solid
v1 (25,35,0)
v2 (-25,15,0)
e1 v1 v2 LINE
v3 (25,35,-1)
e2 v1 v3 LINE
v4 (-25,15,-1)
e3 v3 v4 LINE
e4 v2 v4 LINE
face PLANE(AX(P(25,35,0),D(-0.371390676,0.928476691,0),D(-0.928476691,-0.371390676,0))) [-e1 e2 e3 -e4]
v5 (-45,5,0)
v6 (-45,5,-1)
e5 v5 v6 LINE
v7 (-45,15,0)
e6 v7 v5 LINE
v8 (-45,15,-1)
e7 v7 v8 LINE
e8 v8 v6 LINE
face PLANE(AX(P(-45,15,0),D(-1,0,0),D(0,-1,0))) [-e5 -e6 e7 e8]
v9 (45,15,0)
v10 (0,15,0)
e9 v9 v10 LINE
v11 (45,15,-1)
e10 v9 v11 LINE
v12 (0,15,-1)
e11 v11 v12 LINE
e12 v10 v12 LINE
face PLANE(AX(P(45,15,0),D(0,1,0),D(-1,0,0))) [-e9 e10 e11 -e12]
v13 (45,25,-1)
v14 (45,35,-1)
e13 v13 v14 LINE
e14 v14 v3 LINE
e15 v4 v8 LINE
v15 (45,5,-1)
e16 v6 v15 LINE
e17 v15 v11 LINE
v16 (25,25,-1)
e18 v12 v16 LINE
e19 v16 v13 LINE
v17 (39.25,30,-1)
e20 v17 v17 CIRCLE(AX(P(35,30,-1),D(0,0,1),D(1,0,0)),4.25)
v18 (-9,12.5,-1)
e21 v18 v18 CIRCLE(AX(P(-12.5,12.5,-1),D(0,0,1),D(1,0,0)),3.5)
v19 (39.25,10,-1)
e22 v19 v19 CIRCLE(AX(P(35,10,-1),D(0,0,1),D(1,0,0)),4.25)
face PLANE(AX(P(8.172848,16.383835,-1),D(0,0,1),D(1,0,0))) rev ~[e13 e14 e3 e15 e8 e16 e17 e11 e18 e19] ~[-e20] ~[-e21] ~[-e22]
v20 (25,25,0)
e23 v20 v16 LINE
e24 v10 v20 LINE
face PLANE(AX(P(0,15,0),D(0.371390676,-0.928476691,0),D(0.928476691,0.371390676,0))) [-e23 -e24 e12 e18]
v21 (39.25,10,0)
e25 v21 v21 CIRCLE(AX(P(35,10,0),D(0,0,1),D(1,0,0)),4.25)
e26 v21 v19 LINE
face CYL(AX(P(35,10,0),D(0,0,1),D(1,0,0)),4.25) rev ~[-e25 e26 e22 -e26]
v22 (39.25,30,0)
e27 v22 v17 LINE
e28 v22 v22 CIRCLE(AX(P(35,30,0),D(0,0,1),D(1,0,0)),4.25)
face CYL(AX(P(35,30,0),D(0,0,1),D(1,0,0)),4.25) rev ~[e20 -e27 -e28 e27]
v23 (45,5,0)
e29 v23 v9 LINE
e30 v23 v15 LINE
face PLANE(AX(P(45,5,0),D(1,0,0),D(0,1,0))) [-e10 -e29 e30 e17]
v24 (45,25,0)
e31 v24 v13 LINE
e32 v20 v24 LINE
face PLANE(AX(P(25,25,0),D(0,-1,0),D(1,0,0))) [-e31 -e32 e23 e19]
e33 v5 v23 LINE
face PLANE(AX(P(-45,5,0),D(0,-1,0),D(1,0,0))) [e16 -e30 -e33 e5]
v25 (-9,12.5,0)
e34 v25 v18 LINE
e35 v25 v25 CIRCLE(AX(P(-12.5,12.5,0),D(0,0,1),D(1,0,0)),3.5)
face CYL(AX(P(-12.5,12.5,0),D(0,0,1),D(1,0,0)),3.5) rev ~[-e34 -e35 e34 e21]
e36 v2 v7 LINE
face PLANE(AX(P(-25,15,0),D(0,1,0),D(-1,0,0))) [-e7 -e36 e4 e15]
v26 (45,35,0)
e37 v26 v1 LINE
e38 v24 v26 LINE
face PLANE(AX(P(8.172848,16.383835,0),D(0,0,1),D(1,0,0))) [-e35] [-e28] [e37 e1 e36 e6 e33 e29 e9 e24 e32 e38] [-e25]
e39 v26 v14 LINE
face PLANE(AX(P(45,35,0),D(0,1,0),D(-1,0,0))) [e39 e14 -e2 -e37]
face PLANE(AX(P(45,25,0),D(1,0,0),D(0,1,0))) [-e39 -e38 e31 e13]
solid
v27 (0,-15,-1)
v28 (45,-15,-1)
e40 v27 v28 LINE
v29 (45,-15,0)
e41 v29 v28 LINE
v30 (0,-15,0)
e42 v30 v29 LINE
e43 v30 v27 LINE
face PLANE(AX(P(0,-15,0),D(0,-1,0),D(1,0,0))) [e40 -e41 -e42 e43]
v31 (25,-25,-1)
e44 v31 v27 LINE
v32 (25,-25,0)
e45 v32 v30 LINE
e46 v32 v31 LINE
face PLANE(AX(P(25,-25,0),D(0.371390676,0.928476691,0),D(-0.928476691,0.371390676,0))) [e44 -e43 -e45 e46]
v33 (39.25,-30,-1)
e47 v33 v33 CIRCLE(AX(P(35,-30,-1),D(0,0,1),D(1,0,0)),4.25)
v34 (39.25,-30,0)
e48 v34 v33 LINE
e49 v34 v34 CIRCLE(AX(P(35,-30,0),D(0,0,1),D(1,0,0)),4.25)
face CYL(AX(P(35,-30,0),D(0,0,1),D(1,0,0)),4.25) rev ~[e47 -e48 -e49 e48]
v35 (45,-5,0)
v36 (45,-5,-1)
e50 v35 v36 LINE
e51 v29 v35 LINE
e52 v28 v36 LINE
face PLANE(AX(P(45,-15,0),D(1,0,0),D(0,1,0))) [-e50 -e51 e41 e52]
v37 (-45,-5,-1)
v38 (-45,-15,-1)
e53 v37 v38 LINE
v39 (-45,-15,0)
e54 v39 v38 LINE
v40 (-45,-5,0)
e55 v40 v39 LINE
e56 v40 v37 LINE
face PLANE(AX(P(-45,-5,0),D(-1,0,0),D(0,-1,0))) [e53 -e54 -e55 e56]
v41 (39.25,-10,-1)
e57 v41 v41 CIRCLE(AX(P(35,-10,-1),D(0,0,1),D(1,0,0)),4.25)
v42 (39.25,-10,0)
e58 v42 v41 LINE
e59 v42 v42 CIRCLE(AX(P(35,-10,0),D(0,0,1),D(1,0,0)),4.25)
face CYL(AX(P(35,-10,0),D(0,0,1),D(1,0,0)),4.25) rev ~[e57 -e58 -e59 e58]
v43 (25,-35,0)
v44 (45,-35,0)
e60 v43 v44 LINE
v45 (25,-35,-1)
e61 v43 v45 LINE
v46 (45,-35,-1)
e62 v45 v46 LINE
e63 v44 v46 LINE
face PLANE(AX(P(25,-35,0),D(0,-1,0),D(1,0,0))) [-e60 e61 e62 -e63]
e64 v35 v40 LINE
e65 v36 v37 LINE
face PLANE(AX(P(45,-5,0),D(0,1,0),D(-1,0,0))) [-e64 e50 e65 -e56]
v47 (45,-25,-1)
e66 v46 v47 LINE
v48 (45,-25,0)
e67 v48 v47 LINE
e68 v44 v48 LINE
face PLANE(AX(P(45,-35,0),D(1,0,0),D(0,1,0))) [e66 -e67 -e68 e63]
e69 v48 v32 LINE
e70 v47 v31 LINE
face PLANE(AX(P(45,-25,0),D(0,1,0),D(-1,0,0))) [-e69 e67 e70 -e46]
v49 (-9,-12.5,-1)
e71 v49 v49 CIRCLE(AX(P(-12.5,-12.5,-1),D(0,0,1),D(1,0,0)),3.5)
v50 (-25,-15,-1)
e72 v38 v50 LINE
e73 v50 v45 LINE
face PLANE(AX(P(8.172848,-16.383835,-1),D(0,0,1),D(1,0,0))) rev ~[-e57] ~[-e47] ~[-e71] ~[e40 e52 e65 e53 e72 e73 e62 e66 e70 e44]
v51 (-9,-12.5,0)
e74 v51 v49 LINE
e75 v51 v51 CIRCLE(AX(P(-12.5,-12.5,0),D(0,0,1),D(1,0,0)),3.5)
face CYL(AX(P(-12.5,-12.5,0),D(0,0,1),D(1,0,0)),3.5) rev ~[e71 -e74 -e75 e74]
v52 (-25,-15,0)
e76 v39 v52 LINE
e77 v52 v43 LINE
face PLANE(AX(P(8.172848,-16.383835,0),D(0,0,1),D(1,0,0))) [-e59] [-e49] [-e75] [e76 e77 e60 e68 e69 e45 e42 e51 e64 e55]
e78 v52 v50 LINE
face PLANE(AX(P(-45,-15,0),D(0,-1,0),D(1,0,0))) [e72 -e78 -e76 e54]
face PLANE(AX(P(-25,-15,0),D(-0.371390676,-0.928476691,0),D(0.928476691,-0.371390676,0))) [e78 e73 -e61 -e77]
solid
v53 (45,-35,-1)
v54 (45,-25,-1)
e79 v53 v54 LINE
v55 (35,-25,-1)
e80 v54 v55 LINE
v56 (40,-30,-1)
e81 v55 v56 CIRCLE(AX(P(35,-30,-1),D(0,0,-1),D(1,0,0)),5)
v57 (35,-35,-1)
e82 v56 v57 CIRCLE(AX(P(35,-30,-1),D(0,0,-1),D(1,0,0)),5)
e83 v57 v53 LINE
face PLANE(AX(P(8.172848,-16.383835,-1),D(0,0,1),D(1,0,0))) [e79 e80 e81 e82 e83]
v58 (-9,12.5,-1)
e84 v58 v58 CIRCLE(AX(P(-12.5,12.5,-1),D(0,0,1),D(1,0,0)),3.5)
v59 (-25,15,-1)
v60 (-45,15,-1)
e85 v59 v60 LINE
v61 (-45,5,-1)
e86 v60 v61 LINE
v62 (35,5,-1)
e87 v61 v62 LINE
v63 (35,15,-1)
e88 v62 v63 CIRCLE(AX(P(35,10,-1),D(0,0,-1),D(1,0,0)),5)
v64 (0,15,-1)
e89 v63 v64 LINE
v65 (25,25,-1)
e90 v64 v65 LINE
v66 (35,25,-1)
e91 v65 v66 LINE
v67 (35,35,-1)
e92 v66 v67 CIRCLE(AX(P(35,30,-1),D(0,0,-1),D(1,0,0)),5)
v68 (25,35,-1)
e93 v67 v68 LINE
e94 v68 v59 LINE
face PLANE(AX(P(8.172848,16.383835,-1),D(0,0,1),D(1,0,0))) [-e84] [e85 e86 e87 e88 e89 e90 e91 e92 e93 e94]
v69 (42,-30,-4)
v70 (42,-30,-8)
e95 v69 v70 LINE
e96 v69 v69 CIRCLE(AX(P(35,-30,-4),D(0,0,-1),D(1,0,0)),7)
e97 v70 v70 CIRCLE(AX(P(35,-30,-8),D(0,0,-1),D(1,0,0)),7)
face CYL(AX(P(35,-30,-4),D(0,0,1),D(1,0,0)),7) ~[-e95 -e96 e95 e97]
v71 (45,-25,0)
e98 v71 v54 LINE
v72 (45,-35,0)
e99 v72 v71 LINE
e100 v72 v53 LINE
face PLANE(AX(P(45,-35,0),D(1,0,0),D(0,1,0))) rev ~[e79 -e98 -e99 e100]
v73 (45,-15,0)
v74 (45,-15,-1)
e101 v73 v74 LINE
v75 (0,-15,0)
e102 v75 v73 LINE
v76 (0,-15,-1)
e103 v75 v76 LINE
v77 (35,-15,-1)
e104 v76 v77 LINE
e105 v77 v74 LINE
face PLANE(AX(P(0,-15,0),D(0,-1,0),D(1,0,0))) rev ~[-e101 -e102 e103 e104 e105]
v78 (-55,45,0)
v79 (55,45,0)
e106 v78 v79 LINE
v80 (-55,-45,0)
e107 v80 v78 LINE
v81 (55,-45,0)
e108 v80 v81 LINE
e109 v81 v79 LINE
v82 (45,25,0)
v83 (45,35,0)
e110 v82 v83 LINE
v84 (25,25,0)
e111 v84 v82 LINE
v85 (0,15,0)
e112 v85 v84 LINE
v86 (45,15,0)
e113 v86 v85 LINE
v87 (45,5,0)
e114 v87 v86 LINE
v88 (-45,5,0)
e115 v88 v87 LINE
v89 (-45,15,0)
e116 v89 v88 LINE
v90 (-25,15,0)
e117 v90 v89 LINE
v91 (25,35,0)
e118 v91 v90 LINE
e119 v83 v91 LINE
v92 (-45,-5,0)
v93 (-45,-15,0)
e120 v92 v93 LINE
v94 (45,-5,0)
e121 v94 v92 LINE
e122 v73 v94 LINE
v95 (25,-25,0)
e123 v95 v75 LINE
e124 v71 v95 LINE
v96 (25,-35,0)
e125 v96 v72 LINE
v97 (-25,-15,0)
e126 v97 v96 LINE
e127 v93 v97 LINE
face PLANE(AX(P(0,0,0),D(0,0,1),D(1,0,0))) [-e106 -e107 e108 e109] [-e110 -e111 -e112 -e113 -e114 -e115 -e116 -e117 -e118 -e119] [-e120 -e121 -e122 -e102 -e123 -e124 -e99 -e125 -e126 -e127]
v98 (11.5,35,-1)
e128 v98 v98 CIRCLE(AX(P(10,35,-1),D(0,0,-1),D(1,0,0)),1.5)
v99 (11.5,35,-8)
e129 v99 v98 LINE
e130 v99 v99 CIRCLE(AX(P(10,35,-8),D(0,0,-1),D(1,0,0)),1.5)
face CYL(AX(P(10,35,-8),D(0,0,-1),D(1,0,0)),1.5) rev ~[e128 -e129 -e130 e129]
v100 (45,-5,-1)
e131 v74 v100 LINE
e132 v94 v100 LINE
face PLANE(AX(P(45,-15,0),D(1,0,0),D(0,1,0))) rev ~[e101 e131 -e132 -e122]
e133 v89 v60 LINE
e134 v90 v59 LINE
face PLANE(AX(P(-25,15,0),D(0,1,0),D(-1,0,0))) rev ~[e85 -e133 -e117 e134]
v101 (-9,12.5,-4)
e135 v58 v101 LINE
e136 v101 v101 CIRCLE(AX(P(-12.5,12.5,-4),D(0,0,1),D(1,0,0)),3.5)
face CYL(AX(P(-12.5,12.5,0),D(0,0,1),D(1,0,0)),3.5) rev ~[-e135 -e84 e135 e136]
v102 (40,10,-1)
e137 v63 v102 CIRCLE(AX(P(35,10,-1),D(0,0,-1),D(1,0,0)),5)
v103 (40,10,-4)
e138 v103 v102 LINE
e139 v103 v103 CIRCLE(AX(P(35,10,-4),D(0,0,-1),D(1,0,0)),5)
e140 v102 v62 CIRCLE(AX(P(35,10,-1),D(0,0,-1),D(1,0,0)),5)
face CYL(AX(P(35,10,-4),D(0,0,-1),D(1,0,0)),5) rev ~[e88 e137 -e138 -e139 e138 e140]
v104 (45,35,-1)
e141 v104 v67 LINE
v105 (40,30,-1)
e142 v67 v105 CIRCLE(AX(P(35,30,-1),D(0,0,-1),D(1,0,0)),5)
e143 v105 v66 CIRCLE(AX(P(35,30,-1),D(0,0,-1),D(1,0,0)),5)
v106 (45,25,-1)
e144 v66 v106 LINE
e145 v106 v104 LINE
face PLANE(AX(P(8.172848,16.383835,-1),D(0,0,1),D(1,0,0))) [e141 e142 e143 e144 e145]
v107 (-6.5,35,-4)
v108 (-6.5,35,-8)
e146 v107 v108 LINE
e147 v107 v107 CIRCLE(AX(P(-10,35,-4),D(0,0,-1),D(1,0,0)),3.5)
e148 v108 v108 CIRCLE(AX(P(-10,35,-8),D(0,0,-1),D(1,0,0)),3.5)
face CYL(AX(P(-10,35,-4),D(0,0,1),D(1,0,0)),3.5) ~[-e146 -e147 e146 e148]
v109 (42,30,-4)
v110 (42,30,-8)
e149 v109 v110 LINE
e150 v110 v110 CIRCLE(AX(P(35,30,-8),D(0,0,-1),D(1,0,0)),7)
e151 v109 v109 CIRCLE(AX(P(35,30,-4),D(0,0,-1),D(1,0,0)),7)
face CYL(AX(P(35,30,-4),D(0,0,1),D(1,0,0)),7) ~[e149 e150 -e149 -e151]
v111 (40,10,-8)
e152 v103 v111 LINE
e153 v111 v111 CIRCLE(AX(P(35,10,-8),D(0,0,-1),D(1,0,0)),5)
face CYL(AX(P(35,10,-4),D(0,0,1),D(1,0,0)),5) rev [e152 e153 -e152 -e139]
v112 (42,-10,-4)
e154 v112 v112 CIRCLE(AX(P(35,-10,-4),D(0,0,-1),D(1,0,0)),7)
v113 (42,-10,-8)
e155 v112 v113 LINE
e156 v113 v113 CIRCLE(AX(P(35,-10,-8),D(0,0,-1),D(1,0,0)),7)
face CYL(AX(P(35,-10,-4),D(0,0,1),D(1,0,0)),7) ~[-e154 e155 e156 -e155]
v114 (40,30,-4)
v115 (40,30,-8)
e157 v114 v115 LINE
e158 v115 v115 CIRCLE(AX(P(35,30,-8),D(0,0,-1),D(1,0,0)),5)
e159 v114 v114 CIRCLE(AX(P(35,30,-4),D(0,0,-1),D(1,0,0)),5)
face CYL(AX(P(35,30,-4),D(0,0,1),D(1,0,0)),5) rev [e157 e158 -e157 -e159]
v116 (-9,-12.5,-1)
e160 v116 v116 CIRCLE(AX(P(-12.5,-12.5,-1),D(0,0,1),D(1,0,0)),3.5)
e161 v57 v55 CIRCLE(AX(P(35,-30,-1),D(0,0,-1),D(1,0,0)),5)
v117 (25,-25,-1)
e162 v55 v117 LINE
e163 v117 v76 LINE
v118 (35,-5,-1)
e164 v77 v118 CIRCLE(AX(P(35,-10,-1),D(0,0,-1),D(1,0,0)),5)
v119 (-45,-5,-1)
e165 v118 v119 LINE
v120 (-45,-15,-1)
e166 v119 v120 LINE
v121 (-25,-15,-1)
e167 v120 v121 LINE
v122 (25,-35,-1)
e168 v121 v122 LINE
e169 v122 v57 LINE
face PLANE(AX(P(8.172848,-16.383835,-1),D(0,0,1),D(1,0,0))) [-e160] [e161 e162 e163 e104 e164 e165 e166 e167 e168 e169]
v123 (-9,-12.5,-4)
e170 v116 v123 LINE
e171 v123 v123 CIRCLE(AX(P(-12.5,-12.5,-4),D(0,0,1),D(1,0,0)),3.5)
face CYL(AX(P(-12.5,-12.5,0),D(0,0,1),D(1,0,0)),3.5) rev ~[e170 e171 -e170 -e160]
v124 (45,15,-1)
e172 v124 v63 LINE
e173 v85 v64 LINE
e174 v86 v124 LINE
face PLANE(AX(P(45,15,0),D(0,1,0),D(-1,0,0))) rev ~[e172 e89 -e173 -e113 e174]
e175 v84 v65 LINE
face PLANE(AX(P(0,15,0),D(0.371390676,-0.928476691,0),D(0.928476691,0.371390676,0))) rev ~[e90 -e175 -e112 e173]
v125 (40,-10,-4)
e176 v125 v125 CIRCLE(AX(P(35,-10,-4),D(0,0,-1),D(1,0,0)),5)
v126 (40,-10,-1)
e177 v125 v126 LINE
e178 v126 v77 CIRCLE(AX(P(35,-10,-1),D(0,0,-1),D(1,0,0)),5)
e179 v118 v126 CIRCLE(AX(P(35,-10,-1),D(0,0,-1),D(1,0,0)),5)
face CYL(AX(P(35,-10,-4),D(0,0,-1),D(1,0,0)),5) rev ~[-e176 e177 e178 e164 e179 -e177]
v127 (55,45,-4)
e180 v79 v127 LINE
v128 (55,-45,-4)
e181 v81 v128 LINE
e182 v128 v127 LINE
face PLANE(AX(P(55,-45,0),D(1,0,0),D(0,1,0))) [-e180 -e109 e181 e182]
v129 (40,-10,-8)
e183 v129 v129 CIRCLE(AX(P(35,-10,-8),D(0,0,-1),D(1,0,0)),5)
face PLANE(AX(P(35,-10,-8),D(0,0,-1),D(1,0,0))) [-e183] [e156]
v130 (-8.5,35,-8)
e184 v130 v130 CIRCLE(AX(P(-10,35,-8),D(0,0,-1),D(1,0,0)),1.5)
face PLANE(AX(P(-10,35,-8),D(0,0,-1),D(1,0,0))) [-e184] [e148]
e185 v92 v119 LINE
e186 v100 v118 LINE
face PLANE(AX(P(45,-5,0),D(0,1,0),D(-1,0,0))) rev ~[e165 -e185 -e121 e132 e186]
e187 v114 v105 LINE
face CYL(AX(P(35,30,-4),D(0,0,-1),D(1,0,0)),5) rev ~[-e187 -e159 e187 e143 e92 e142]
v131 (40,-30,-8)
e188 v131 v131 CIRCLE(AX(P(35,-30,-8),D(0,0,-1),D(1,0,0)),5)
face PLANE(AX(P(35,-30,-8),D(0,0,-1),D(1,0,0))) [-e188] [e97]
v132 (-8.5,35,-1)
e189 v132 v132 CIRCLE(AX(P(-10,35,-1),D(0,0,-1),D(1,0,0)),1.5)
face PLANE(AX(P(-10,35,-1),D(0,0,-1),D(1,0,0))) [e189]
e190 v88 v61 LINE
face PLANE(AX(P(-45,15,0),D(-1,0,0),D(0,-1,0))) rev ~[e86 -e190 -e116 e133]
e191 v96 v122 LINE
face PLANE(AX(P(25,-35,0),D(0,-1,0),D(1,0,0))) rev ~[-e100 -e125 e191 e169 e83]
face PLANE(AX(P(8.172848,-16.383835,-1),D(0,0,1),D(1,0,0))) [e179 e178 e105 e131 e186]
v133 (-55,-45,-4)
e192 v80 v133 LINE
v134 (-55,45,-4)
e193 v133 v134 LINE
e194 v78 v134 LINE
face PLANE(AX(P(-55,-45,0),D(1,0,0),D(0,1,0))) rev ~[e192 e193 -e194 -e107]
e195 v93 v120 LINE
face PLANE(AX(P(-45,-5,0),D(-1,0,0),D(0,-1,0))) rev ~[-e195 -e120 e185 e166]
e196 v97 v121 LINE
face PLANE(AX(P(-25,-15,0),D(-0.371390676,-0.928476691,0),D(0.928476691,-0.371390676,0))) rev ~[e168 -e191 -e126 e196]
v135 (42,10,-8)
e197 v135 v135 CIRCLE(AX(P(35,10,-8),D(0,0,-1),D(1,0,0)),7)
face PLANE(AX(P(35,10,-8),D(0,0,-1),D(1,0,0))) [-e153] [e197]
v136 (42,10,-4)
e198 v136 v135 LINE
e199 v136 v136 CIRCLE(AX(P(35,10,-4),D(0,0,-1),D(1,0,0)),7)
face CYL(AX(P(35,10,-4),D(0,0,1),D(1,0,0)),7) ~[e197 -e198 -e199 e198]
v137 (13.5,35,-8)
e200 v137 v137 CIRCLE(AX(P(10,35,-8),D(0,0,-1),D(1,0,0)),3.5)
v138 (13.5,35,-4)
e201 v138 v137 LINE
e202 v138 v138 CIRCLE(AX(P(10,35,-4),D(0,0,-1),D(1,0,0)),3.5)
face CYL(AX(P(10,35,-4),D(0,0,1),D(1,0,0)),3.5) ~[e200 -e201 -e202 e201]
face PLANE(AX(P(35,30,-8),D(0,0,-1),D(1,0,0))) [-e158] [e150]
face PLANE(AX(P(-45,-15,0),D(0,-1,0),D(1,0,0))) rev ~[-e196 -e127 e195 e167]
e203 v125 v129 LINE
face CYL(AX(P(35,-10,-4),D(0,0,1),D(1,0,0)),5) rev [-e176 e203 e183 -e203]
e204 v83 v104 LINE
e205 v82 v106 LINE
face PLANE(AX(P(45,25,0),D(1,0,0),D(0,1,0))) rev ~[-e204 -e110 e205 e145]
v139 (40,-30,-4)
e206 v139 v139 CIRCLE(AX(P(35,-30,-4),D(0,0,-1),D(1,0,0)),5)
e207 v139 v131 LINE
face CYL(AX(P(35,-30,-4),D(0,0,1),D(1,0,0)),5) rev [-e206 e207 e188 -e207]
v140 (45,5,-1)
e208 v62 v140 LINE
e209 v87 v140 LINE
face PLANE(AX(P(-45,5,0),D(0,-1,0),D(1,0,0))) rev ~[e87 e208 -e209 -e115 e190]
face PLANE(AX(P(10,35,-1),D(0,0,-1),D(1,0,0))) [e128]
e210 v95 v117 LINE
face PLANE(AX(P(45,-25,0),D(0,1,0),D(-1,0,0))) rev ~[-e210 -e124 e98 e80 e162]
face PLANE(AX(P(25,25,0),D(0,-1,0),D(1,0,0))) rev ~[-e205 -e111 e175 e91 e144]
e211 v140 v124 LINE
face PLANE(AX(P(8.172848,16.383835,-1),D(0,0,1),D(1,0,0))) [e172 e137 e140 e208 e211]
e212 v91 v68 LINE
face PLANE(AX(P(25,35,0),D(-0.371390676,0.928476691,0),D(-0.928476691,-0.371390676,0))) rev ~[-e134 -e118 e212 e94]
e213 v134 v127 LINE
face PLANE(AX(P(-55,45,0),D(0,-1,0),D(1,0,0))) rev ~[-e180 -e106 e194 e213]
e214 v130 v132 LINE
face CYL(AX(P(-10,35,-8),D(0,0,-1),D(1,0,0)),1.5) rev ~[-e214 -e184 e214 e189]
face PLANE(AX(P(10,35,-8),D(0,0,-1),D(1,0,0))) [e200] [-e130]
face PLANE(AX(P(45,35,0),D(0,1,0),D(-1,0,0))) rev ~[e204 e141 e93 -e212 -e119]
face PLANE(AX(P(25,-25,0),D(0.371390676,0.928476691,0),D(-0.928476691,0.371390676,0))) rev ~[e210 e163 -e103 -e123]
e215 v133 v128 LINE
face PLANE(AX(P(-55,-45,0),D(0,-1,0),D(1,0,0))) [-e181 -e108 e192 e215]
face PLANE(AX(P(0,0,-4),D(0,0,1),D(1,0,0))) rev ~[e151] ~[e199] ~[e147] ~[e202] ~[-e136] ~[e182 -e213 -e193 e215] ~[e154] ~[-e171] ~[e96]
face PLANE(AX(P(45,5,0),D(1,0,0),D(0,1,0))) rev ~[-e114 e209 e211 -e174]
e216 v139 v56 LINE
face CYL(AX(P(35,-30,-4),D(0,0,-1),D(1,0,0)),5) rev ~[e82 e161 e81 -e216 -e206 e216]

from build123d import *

# Parameters (mm, degrees)
F0_W      = 110
F0_H      = 90
F1_DEPTH  = 4
F5_DEPTH  = 1
F6_DEPTH  = 1
F4_R      = 3.5
F4_R_2    = 4.25
F7_DEPTH  = 4
F8_R      = 5
F9_DEPTH  = 3
F10_R     = 7
F10_R_2   = 5
F11_DEPTH = 4
F12_R     = 3.5
F13_DEPTH = 4
F15_R     = 1.5
F16_DEPTH = 7


with BuildPart() as f1:
    # F0 (on Top) → F1 (new body)
    with BuildSketch(Plane.XY):
        Rectangle(F0_W, F0_H)
    extrude(amount=-F1_DEPTH)

    # F3 (on Top) → F5 (cut)
    with BuildSketch(Plane.XY):
        Polygon((-25, 15), (-45, 15), (-45, 5), (45, 5), (45, 15), (0, 15), (25, 25), (45, 25), (45, 35), (25, 35), align=None)
        Polygon((45, -25), (25, -25), (0, -15), (45, -15), (45, -5), (-45, -5), (-45, -15), (-25, -15), (25, -35), (45, -35), align=None)
    extrude(amount=-F5_DEPTH, mode=Mode.SUBTRACT)


with BuildPart() as f6:
    # F3 (on Top) → F6 (new body)
    with BuildSketch(Plane.XY):
        Polygon((-25, 15), (-45, 15), (-45, 5), (45, 5), (45, 15), (0, 15), (25, 25), (45, 25), (45, 35), (25, 35), align=None)
    extrude(amount=-F6_DEPTH)


with BuildPart() as f6b:
    # F3 (on Top) → F6, piece 2 (new body)
    with BuildSketch(Plane.XY):
        Polygon((45, -25), (25, -25), (0, -15), (45, -15), (45, -5), (-45, -5), (-45, -15), (-25, -15), (25, -35), (45, -35), align=None)
    extrude(amount=-F6_DEPTH)


with BuildPart() as f7_tool:
    # F4 (on Top) → F7 (new body, through all)
    with BuildSketch(Plane.XY):
        with Locations((-12.5, 12.5)):
            Circle(F4_R)
        with Locations((35, 30)):
            Circle(F4_R_2)
        with Locations((35, 10)):
            Circle(F4_R_2)
        with Locations((35, -10)):
            Circle(F4_R_2)
        with Locations((35, -30)):
            Circle(F4_R_2)
        with Locations((-12.5, -12.5)):
            Circle(F4_R)
    extrude(amount=-F7_DEPTH)


with BuildPart() as f1_1:
    add(f1.part)

    # F7: cut by f7_tool
    add(f7_tool.part, mode=Mode.SUBTRACT)

    # F8 (on offset) → F9 (cut, through all)
    with BuildSketch(Plane(origin=(0, 0, -4), x_dir=(1, 0, 0), z_dir=(0, 0, -1))):
        with Locations((35, -30)):
            Circle(F8_R)
        with Locations((35, -10)):
            Circle(F8_R)
        with Locations((35, 10)):
            Circle(F8_R)
        with Locations((35, 30)):
            Circle(F8_R)
    extrude(amount=-F9_DEPTH, mode=Mode.SUBTRACT)

    # F10 (on offset) → F11 (join)
    with BuildSketch(Plane(origin=(0, 0, -4), x_dir=(1, 0, 0), z_dir=(0, 0, -1))):
        with Locations((35, -30)):
            Circle(F10_R)
        with Locations((35, -30)):
            Circle(F10_R_2, mode=Mode.SUBTRACT)
        with Locations((35.000000149, -10)):
            Circle(F10_R)
        with Locations((35.000000149, -10)):
            Circle(F10_R_2, mode=Mode.SUBTRACT)
        with Locations((35.000000149, 10)):
            Circle(F10_R)
        with Locations((35.000000149, 10)):
            Circle(F10_R_2, mode=Mode.SUBTRACT)
        with Locations((35.000000149, 30)):
            Circle(F10_R)
        with Locations((35.000000149, 30)):
            Circle(F10_R_2, mode=Mode.SUBTRACT)
    extrude(amount=F11_DEPTH)

    # F12 (on offset) → F13 (join)
    with BuildSketch(Plane(origin=(0, 0, -4), x_dir=(1, 0, 0), z_dir=(0, 0, -1))):
        with Locations((10, -35)):
            Circle(F12_R)
        with Locations((-10, -35)):
            Circle(F12_R)
    extrude(amount=F13_DEPTH)

    # F15 (on offset) → F16 (cut)
    with BuildSketch(Plane(origin=(0, 0, -8), x_dir=(1, 0, 0), z_dir=(0, 0, -1))):
        with Locations((10, -35)):
            Circle(F15_R)
        with Locations((-10, -35)):
            Circle(F15_R)
    extrude(amount=-F16_DEPTH, mode=Mode.SUBTRACT)


with BuildPart() as f6_1:
    add(f6.part)

    # F7: cut by f7_tool
    add(f7_tool.part, mode=Mode.SUBTRACT)


with BuildPart() as f6b_1:
    add(f6b.part)

    # F7: cut by f7_tool
    add(f7_tool.part, mode=Mode.SUBTRACT)


solid = Compound([f1_1.part, f6_1.part, f6b_1.part])
